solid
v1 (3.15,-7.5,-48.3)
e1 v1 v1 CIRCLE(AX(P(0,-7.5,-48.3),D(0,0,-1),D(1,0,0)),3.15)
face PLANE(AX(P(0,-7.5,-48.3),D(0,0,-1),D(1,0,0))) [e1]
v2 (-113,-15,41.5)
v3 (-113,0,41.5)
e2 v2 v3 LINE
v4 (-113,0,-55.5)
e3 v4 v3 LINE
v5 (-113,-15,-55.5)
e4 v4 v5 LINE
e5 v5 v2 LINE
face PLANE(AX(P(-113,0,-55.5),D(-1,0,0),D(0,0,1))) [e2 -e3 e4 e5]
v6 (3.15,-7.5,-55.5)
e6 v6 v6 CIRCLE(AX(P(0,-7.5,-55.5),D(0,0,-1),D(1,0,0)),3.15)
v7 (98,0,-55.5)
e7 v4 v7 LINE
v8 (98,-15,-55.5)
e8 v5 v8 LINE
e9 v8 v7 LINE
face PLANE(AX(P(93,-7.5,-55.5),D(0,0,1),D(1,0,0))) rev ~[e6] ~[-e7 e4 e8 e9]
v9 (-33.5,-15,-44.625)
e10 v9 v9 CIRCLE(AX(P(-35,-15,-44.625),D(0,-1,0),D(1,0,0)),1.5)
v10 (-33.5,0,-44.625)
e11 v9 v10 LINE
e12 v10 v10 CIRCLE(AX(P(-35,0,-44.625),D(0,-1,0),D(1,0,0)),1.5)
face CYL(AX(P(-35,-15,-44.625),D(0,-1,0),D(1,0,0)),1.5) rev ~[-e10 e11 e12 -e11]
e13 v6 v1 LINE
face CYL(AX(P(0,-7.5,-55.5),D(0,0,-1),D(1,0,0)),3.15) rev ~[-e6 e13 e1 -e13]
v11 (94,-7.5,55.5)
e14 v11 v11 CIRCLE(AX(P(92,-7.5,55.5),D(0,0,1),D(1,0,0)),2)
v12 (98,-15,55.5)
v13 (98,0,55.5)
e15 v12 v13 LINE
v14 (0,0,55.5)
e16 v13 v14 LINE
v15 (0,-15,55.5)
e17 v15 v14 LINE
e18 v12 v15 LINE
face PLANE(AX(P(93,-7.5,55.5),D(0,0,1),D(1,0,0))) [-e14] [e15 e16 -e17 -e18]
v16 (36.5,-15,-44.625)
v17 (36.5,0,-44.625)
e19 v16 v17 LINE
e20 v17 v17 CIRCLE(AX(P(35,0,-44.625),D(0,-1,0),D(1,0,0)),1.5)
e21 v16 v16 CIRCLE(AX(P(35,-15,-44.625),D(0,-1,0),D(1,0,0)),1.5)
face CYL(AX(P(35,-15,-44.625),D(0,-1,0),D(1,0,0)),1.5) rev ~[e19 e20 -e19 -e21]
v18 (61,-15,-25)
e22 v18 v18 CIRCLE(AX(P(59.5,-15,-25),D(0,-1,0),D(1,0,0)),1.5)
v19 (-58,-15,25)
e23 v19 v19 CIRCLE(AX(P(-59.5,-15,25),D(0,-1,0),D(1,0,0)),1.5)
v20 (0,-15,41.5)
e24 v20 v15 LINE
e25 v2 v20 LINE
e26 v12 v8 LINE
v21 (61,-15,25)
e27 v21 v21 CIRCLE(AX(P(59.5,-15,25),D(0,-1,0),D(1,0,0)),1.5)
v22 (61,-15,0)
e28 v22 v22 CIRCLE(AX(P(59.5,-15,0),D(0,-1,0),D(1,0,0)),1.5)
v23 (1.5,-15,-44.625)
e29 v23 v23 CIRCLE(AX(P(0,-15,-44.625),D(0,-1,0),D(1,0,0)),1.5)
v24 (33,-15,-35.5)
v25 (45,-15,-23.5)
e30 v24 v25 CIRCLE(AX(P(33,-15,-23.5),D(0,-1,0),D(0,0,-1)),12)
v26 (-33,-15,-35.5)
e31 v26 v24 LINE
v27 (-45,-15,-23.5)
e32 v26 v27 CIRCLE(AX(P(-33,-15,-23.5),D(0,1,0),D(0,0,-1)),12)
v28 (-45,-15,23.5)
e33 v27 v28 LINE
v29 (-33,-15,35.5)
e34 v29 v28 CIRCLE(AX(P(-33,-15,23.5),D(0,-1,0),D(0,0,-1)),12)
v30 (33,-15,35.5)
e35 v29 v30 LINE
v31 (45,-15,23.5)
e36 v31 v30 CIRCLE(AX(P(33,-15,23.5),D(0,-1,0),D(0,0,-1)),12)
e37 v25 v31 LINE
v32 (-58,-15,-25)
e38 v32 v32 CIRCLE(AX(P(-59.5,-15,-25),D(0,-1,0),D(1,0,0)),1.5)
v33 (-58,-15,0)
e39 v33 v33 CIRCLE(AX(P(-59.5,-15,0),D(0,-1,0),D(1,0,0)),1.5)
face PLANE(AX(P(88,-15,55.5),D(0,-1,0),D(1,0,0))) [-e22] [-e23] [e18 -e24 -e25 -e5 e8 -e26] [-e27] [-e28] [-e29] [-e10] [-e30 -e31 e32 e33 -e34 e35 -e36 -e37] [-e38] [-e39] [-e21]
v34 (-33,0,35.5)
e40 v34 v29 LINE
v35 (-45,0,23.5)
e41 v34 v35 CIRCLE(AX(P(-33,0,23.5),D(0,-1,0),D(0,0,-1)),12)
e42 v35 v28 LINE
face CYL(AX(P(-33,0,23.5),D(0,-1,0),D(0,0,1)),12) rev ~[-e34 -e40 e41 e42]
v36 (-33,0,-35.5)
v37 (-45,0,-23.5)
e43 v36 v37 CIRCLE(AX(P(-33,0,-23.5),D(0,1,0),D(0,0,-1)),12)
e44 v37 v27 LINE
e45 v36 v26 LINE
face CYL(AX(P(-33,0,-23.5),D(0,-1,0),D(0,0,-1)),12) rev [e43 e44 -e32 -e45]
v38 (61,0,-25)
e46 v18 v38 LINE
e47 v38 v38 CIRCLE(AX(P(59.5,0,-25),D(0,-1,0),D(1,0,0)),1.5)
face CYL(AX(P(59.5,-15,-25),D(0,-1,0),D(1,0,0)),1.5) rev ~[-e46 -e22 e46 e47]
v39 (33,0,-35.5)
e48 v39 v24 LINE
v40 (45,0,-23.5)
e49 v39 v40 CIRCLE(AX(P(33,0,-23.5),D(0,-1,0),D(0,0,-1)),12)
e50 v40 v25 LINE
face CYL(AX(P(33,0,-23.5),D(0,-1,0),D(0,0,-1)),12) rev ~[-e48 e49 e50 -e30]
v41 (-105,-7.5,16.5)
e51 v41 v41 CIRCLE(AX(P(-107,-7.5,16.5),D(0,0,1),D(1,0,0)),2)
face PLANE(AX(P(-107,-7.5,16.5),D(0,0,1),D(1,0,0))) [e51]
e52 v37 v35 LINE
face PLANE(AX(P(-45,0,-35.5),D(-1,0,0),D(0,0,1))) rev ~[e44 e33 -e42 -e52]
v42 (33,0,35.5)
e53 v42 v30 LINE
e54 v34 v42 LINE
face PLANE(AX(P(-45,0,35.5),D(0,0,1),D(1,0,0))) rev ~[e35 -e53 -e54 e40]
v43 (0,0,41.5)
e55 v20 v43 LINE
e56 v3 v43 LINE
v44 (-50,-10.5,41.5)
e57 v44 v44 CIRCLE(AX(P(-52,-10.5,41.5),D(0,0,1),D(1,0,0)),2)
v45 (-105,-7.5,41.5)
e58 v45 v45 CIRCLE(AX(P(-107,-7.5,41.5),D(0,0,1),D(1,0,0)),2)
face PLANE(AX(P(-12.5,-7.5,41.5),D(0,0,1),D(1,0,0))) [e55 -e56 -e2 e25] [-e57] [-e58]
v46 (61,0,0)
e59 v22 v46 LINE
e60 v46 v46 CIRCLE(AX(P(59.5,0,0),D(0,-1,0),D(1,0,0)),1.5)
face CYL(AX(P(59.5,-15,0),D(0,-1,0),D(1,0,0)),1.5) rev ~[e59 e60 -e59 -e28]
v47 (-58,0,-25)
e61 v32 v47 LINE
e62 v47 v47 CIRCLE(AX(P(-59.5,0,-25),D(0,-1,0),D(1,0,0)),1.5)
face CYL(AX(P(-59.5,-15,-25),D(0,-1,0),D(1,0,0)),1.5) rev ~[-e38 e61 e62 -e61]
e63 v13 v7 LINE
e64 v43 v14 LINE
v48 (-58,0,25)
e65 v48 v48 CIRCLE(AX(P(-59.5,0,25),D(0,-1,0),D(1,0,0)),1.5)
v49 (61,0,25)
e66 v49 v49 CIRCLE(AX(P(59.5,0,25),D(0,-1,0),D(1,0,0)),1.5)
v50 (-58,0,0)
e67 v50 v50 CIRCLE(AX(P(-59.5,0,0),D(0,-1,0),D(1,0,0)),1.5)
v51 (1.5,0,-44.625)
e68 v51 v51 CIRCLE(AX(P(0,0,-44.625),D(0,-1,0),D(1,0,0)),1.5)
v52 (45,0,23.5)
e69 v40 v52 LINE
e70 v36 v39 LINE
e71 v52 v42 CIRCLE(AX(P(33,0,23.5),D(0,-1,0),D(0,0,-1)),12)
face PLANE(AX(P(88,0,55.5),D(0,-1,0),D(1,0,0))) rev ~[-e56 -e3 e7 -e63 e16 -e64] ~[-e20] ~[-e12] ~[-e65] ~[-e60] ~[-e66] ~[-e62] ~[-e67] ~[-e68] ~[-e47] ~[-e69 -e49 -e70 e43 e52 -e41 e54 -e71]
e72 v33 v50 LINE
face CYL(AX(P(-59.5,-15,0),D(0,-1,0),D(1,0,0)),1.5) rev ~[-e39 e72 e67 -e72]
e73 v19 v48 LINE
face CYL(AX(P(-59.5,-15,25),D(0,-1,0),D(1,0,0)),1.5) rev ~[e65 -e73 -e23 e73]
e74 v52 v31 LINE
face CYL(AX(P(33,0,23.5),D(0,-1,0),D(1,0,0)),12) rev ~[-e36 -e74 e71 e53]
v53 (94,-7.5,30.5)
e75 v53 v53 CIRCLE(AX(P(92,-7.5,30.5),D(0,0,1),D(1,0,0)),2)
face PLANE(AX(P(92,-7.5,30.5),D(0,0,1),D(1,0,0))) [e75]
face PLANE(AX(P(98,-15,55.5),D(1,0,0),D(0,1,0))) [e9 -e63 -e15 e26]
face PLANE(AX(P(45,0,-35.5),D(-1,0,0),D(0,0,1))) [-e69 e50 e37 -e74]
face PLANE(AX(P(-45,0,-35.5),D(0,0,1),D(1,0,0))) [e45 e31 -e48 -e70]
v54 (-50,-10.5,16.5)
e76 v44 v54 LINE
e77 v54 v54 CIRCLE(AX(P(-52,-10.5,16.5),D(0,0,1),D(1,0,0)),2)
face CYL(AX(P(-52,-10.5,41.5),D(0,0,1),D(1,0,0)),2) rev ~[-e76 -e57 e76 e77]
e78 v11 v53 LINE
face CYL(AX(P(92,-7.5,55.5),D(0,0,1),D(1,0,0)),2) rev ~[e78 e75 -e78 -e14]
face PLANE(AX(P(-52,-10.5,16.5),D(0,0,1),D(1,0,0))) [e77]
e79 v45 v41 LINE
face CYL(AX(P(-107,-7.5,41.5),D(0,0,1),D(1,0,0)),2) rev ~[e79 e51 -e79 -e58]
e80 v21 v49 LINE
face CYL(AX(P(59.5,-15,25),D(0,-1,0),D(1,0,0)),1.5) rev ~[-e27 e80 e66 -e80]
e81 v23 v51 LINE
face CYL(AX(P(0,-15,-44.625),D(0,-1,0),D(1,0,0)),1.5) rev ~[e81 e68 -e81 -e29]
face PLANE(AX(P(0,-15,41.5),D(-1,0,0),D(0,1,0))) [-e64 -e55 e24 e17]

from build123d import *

# Parameters (mm, degrees)
F0_W      = 226
F0_H      = 111
F0_W_2    = 90
F0_H_2    = 71
F1_DEPTH  = 15
F2_R      = 12
F3_R      = 1.5
F4_DEPTH  = 25
F5_R      = 1.5
F6_DEPTH  = 25
F7_W      = 25
F7_H      = 15
F8_DEPTH  = 115.3
F9_W      = 201
F9_H      = 15
F10_DEPTH = 14
F11_W     = 88
F11_H     = 15
F12_DEPTH = 14
F13_W     = 81
F13_H     = 65
F14_DEPTH = 5
F15_W     = 10
F15_H     = 15
F16_DEPTH = 111
F17_W     = 81
F17_H     = 65
F18_DEPTH = 5
F19_R     = 2
F20_DEPTH = 25
F21_R     = 3.15
F22_DEPTH = 7.2
F23_R     = 2
F24_DEPTH = 25
F25_R     = 2
F26_DEPTH = 25


with BuildPart() as f1:
    # F0 (on Front) → F1 (new body)
    with BuildSketch(Plane.XZ):
        Rectangle(F0_W, F0_H)
        Rectangle(F0_W_2, F0_H_2, mode=Mode.SUBTRACT)
    extrude(amount=F1_DEPTH)

    # F2
    f2_edges = [f1.edges().sort_by_distance(p)[0] for p in [
        (45, -7.5, 35.5),
        (45, -7.5, -35.5),
        (-45, -7.5, -35.5),
        (-45, -7.5, 35.5),
    ]]
    fillet(f2_edges, radius=F2_R)

    # F3 (on face) → F4 (cut)
    with BuildSketch(Plane.XZ.offset(15)):
        with Locations((-59.5, 0)):
            Circle(F3_R)
        with Locations((-59.5, 25)):
            Circle(F3_R)
        with Locations((-59.5, -25)):
            Circle(F3_R)
        with Locations((59.5, 0)):
            Circle(F3_R)
        with Locations((59.5, 25)):
            Circle(F3_R)
        with Locations((59.5, -25)):
            Circle(F3_R)
    extrude(amount=-F4_DEPTH, mode=Mode.SUBTRACT)

    # F5 (on face) → F6 (cut)
    with BuildSketch(Plane.XZ.offset(15)):
        with Locations((0, -44.625)):
            Circle(F5_R)
        with Locations((35, -44.625)):
            Circle(F5_R)
        with Locations((0, 44.625)):
            Circle(F5_R)
        with Locations((-35, 44.625)):
            Circle(F5_R)
        with Locations((-35, -44.625)):
            Circle(F5_R)
        with Locations((35, 44.625)):
            Circle(F5_R)
    extrude(amount=-F6_DEPTH, mode=Mode.SUBTRACT)

    # F7 (on face) → F8 (cut)
    with BuildSketch(Plane.XY.offset(55.5)):
        with Locations((100.5, -7.5)):
            Rectangle(F7_W, F7_H)
    extrude(amount=-F8_DEPTH, mode=Mode.SUBTRACT)

    # F9 (on face) → F10 (cut)
    with BuildSketch(Plane.XY.offset(55.5)):
        with Locations((-12.5, -7.5)):
            Rectangle(F9_W, F9_H)
    extrude(amount=-F10_DEPTH, mode=Mode.SUBTRACT)

    # F11 (on face) → F12 (join)
    with BuildSketch(Plane.XY.offset(41.5)):
        with Locations((44, -7.5)):
            Rectangle(F11_W, F11_H)
    extrude(amount=F12_DEPTH)

    # F13 (on face) → F14 (join)
    with BuildSketch(Plane.XY.offset(55.5)):
        with Locations((22.5, -32.5)):
            Rectangle(F13_W, F13_H)
    extrude(amount=F14_DEPTH)

    # F15 (on face) → F16 (join)
    with BuildSketch(Plane.XY.offset(55.5)):
        with Locations((93, -7.5)):
            Rectangle(F15_W, F15_H)
    extrude(amount=-F16_DEPTH)

    # F17 (on face) → F18 (cut)
    with BuildSketch(Plane.XY.offset(60.5)):
        with Locations((22.5, -32.5)):
            Rectangle(F17_W, F17_H)
    extrude(amount=-F18_DEPTH, mode=Mode.SUBTRACT)

    # F19 (on face) → F20 (cut)
    with BuildSketch(Plane.XY.offset(41.5)):
        with Locations((-52, -10.5)):
            Circle(F19_R)
    extrude(amount=-F20_DEPTH, mode=Mode.SUBTRACT)

    # F21 (on face) → F22 (cut)
    with BuildSketch(Plane(origin=(0, 0, -55.5), x_dir=(1, 0, 0), z_dir=(0, 0, -1))):
        with Locations((0, 7.5)):
            Circle(F21_R)
    extrude(amount=-F22_DEPTH, mode=Mode.SUBTRACT)

    # F23 (on face) → F24 (cut)
    with BuildSketch(Plane.XY.offset(41.5)):
        with Locations((-107, -7.5)):
            Circle(F23_R)
    extrude(amount=-F24_DEPTH, mode=Mode.SUBTRACT)

    # F25 (on face) → F26 (cut)
    with BuildSketch(Plane.XY.offset(55.5)):
        with Locations((92, -7.5)):
            Circle(F25_R)
    extrude(amount=-F26_DEPTH, mode=Mode.SUBTRACT)


solid = f1.part
